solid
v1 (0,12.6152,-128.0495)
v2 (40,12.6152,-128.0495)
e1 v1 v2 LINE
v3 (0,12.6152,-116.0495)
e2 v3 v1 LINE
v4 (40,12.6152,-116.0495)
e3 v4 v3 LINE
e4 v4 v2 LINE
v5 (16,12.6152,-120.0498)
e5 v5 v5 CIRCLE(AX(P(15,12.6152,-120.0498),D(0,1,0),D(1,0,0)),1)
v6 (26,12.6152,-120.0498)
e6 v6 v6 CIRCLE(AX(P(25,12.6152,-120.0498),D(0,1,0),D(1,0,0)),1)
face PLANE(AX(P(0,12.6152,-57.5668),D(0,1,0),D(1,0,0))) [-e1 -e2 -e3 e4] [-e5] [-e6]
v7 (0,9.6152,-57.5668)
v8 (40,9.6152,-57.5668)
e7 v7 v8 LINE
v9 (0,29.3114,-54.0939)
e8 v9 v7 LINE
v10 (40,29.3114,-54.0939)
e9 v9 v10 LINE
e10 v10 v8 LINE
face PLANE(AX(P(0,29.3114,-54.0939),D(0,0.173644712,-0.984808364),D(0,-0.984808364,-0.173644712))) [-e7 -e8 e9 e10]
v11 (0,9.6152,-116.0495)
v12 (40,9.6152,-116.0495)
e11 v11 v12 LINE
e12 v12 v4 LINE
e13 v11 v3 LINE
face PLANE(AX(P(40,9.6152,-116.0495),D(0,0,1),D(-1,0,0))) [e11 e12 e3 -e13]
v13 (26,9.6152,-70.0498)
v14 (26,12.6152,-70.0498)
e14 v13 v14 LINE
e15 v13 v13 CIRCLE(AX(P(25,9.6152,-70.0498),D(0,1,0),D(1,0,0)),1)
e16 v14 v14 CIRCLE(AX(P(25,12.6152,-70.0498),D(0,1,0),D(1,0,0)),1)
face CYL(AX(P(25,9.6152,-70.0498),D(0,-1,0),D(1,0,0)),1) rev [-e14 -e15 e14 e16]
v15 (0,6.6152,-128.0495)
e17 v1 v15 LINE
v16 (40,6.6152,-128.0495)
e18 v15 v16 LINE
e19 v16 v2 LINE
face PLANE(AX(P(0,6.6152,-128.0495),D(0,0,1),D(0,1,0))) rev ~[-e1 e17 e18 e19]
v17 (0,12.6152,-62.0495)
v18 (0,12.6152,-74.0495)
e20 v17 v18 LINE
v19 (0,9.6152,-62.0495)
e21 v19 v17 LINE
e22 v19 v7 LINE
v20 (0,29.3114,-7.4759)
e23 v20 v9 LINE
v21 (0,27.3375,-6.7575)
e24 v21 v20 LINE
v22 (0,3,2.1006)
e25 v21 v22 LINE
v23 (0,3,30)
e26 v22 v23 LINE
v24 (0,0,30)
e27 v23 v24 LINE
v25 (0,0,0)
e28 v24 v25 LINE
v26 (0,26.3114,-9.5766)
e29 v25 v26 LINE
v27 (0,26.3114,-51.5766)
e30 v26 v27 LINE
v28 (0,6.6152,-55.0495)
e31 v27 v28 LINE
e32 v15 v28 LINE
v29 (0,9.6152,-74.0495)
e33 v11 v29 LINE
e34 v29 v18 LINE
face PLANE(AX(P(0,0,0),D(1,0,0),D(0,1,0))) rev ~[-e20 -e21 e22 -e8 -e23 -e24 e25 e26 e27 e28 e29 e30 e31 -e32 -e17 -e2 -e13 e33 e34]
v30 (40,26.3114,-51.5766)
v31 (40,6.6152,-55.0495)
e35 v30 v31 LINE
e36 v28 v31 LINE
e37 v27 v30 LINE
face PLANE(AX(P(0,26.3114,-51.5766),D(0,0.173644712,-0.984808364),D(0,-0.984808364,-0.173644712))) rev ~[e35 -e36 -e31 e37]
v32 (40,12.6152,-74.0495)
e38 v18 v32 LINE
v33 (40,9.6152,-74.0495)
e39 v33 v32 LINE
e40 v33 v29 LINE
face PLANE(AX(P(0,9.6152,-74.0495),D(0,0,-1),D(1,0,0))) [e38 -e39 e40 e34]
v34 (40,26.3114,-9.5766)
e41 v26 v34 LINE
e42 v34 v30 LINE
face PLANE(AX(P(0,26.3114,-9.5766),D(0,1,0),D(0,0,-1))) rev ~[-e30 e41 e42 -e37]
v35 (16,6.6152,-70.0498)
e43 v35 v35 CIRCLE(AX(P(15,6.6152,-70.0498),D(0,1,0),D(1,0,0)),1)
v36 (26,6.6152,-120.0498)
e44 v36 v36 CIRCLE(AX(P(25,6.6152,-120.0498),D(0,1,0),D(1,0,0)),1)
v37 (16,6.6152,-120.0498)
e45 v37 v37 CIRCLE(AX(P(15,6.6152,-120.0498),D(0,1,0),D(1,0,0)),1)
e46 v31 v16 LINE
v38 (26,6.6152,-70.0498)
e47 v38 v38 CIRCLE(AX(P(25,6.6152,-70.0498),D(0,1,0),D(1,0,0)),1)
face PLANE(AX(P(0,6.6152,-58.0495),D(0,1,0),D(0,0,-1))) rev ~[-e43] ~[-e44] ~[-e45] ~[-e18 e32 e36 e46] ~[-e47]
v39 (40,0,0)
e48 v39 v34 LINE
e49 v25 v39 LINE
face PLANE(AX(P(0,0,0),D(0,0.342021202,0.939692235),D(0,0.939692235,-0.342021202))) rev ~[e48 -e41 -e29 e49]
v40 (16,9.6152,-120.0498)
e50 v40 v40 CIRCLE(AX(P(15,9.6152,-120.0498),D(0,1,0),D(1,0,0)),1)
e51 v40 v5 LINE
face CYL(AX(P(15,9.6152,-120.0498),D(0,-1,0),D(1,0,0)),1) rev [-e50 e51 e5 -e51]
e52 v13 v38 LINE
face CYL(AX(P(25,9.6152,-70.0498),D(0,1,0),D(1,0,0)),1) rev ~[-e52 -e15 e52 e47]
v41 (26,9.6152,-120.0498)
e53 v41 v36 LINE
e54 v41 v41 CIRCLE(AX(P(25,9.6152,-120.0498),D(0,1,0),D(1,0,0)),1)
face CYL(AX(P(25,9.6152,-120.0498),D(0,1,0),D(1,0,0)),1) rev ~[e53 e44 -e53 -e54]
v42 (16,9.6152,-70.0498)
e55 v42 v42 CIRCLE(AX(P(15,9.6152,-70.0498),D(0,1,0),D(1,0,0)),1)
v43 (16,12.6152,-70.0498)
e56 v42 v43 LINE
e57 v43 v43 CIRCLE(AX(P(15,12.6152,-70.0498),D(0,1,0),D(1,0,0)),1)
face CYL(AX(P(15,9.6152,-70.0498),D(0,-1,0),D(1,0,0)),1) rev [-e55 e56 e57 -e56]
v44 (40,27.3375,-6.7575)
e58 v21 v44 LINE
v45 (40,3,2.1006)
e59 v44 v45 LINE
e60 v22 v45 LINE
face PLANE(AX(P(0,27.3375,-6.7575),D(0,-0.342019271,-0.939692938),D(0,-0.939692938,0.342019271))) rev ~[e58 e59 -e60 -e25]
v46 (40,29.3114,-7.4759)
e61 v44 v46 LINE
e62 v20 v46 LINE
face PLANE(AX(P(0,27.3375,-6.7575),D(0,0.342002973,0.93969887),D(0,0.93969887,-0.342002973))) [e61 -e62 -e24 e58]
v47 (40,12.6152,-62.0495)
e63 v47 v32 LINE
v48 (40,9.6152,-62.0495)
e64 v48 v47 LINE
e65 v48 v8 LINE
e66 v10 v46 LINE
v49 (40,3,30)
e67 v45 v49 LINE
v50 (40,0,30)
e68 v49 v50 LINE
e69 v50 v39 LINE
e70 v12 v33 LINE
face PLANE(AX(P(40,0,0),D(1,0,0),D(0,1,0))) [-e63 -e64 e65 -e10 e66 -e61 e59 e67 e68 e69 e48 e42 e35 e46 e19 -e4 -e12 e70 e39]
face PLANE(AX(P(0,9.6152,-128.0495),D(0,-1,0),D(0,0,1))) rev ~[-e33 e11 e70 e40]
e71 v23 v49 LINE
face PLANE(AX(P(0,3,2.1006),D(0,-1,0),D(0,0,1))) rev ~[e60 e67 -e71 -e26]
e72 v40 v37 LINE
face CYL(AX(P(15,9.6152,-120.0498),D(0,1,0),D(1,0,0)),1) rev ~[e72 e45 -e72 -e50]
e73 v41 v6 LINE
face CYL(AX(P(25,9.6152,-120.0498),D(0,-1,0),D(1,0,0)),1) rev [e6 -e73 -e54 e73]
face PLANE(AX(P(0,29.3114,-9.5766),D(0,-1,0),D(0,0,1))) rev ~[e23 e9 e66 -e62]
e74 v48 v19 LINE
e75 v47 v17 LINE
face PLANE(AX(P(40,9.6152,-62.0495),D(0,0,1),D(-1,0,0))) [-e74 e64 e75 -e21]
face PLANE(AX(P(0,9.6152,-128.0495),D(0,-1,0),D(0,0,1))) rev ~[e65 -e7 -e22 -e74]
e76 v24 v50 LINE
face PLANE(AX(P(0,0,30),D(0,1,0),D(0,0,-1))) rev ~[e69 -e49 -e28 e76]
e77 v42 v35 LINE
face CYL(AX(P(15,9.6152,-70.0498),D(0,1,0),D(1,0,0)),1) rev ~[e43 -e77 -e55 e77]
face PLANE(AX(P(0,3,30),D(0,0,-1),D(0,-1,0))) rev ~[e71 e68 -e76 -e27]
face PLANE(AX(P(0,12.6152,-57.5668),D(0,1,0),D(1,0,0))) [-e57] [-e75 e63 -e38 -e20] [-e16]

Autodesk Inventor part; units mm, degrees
ref_plane "YZ Plane" through (0, 0, 0) normal (1, 0, 0) x (0, 1, 0)
ref_plane "XZ Plane" through (0, 0, 0) normal (0, 1, 0) x (-1, 0, 0)
ref_plane "XY Plane" through (0, 0, 0) normal (0, 0, 1) x (1, 0, 0)
sketch "Boceto1" plane through (0, 0, 0) normal (1, 0, 0) x (0, 1, 0)
  line L0 (3, 30) -> (0, 30)
  line L1 (0, 30) -> (0, 0)
  line L2 (0, 0) -> (26.3114, -9.5766)
  line L3 (0, 0) -> (28, 0) construction
  line L4 (26.3114, -9.5766) -> (26.3114, -51.5766)
  line L5 (26.3114, -51.5766) -> (6.6152, -55.0495)
  line L6 (6.6152, -55.0495) -> (6.6152, -128.0495)
  line L7 (6.6152, -128.0495) -> (9.6152, -128.0495)
  line L8 (9.6152, -128.0495) -> (9.6152, -57.5668)
  line L9 (6.6152, -55.0495) -> (6.6152, -58.0495)
  line L10 (29.3114, -9.5766) -> (29.3114, -54.0939)
  line L11 (27.3375, -6.7575) -> (3, 2.1006)
  line L12 (3, 2.1006) -> (3, 30)
  line L13 (29.3114, -54.0939) -> (9.6152, -57.5668)
  line L14 (27.3375, -6.7575) -> (29.3114, -7.4759)
  line L15 (29.3114, -9.5766) -> (29.3114, -7.4759)
  dimension "d0" = 3
  dimension "d2" = 28
  dimension "d3" = 20
  dimension "d6" = 100
  dimension "d7" = 73
  dimension "d8" = 3
  dimension "d9" = 3
  dimension "d12" = 3
  dimension "d13" = 3
extrude "Extrusión1" add sketch "Boceto1" along normal blind 40
sketch "Boceto4" plane through (0, 9.6152, -57.5668) normal (0, 1, 0) x (1, 0, 0)
  line L0 (0, 70.4827) -> (40, 70.4827) projected
  line L1 (40, -2.5173) -> (40, 70.4827) projected
  line L2 (0, 70.4827) -> (40, 70.4827)
  line L3 (40, 70.4827) -> (40, 58.4827)
  line L4 (40, 58.4827) -> (0, 58.4827)
  line L5 (0, 58.4827) -> (0, 70.4827)
  line L6 (11, 58.4827) -> (30, 58.4827)
  line L7 (30, 58.4827) -> (30, 16.4827)
  line L8 (30, 16.4827) -> (11, 16.4827)
  line L9 (11, 16.4827) -> (11, 58.4827)
  line L10 (0, 16.4827) -> (40, 16.4827)
  line L11 (40, 16.4827) -> (40, 4.4827)
  line L12 (40, 4.4827) -> (0, 4.4827)
  line L13 (0, 4.4827) -> (0, 16.4827)
  circle A0 centre (25, 62.483) radius 1
  circle A1 centre (15, 62.483) radius 1
  circle A2 centre (25, 12.483) radius 1
  circle A3 centre (15, 12.483) radius 1
  point P0 (0, -57.5668)
  point P1 (30, 16.4827)
  dimension "d22" = 12
  dimension "d23" = 19
  dimension "d24" = 42
  dimension "d25" = 12
  dimension "d26" = 2
  dimension "d27" = 2
  dimension "d28" = 2
  dimension "d29" = 2
extrude "Extrusión4" add sketch "Boceto4" along normal blind 3 contours L0 L1 L4 L5 | L1 L12 L13 L10 L8
extrude "Extrusión5" cut sketch "Boceto4" against normal blind 3 contours A0 | A1 | A2 | A3
thread "Rosca1" size "M2x0.4" class "6H" standard "ANSI Metric M Profile" full length
thread "Rosca2" size "M2x0.4" class "6H" standard "ANSI Metric M Profile" full length
thread "Rosca3" size "M2x0.4" class "6H" standard "ANSI Metric M Profile" full length
thread "Rosca4" size "M2x0.4" class "6H" standard "ANSI Metric M Profile" full length
properties part number "1.2.4.UpperArmLink2"
